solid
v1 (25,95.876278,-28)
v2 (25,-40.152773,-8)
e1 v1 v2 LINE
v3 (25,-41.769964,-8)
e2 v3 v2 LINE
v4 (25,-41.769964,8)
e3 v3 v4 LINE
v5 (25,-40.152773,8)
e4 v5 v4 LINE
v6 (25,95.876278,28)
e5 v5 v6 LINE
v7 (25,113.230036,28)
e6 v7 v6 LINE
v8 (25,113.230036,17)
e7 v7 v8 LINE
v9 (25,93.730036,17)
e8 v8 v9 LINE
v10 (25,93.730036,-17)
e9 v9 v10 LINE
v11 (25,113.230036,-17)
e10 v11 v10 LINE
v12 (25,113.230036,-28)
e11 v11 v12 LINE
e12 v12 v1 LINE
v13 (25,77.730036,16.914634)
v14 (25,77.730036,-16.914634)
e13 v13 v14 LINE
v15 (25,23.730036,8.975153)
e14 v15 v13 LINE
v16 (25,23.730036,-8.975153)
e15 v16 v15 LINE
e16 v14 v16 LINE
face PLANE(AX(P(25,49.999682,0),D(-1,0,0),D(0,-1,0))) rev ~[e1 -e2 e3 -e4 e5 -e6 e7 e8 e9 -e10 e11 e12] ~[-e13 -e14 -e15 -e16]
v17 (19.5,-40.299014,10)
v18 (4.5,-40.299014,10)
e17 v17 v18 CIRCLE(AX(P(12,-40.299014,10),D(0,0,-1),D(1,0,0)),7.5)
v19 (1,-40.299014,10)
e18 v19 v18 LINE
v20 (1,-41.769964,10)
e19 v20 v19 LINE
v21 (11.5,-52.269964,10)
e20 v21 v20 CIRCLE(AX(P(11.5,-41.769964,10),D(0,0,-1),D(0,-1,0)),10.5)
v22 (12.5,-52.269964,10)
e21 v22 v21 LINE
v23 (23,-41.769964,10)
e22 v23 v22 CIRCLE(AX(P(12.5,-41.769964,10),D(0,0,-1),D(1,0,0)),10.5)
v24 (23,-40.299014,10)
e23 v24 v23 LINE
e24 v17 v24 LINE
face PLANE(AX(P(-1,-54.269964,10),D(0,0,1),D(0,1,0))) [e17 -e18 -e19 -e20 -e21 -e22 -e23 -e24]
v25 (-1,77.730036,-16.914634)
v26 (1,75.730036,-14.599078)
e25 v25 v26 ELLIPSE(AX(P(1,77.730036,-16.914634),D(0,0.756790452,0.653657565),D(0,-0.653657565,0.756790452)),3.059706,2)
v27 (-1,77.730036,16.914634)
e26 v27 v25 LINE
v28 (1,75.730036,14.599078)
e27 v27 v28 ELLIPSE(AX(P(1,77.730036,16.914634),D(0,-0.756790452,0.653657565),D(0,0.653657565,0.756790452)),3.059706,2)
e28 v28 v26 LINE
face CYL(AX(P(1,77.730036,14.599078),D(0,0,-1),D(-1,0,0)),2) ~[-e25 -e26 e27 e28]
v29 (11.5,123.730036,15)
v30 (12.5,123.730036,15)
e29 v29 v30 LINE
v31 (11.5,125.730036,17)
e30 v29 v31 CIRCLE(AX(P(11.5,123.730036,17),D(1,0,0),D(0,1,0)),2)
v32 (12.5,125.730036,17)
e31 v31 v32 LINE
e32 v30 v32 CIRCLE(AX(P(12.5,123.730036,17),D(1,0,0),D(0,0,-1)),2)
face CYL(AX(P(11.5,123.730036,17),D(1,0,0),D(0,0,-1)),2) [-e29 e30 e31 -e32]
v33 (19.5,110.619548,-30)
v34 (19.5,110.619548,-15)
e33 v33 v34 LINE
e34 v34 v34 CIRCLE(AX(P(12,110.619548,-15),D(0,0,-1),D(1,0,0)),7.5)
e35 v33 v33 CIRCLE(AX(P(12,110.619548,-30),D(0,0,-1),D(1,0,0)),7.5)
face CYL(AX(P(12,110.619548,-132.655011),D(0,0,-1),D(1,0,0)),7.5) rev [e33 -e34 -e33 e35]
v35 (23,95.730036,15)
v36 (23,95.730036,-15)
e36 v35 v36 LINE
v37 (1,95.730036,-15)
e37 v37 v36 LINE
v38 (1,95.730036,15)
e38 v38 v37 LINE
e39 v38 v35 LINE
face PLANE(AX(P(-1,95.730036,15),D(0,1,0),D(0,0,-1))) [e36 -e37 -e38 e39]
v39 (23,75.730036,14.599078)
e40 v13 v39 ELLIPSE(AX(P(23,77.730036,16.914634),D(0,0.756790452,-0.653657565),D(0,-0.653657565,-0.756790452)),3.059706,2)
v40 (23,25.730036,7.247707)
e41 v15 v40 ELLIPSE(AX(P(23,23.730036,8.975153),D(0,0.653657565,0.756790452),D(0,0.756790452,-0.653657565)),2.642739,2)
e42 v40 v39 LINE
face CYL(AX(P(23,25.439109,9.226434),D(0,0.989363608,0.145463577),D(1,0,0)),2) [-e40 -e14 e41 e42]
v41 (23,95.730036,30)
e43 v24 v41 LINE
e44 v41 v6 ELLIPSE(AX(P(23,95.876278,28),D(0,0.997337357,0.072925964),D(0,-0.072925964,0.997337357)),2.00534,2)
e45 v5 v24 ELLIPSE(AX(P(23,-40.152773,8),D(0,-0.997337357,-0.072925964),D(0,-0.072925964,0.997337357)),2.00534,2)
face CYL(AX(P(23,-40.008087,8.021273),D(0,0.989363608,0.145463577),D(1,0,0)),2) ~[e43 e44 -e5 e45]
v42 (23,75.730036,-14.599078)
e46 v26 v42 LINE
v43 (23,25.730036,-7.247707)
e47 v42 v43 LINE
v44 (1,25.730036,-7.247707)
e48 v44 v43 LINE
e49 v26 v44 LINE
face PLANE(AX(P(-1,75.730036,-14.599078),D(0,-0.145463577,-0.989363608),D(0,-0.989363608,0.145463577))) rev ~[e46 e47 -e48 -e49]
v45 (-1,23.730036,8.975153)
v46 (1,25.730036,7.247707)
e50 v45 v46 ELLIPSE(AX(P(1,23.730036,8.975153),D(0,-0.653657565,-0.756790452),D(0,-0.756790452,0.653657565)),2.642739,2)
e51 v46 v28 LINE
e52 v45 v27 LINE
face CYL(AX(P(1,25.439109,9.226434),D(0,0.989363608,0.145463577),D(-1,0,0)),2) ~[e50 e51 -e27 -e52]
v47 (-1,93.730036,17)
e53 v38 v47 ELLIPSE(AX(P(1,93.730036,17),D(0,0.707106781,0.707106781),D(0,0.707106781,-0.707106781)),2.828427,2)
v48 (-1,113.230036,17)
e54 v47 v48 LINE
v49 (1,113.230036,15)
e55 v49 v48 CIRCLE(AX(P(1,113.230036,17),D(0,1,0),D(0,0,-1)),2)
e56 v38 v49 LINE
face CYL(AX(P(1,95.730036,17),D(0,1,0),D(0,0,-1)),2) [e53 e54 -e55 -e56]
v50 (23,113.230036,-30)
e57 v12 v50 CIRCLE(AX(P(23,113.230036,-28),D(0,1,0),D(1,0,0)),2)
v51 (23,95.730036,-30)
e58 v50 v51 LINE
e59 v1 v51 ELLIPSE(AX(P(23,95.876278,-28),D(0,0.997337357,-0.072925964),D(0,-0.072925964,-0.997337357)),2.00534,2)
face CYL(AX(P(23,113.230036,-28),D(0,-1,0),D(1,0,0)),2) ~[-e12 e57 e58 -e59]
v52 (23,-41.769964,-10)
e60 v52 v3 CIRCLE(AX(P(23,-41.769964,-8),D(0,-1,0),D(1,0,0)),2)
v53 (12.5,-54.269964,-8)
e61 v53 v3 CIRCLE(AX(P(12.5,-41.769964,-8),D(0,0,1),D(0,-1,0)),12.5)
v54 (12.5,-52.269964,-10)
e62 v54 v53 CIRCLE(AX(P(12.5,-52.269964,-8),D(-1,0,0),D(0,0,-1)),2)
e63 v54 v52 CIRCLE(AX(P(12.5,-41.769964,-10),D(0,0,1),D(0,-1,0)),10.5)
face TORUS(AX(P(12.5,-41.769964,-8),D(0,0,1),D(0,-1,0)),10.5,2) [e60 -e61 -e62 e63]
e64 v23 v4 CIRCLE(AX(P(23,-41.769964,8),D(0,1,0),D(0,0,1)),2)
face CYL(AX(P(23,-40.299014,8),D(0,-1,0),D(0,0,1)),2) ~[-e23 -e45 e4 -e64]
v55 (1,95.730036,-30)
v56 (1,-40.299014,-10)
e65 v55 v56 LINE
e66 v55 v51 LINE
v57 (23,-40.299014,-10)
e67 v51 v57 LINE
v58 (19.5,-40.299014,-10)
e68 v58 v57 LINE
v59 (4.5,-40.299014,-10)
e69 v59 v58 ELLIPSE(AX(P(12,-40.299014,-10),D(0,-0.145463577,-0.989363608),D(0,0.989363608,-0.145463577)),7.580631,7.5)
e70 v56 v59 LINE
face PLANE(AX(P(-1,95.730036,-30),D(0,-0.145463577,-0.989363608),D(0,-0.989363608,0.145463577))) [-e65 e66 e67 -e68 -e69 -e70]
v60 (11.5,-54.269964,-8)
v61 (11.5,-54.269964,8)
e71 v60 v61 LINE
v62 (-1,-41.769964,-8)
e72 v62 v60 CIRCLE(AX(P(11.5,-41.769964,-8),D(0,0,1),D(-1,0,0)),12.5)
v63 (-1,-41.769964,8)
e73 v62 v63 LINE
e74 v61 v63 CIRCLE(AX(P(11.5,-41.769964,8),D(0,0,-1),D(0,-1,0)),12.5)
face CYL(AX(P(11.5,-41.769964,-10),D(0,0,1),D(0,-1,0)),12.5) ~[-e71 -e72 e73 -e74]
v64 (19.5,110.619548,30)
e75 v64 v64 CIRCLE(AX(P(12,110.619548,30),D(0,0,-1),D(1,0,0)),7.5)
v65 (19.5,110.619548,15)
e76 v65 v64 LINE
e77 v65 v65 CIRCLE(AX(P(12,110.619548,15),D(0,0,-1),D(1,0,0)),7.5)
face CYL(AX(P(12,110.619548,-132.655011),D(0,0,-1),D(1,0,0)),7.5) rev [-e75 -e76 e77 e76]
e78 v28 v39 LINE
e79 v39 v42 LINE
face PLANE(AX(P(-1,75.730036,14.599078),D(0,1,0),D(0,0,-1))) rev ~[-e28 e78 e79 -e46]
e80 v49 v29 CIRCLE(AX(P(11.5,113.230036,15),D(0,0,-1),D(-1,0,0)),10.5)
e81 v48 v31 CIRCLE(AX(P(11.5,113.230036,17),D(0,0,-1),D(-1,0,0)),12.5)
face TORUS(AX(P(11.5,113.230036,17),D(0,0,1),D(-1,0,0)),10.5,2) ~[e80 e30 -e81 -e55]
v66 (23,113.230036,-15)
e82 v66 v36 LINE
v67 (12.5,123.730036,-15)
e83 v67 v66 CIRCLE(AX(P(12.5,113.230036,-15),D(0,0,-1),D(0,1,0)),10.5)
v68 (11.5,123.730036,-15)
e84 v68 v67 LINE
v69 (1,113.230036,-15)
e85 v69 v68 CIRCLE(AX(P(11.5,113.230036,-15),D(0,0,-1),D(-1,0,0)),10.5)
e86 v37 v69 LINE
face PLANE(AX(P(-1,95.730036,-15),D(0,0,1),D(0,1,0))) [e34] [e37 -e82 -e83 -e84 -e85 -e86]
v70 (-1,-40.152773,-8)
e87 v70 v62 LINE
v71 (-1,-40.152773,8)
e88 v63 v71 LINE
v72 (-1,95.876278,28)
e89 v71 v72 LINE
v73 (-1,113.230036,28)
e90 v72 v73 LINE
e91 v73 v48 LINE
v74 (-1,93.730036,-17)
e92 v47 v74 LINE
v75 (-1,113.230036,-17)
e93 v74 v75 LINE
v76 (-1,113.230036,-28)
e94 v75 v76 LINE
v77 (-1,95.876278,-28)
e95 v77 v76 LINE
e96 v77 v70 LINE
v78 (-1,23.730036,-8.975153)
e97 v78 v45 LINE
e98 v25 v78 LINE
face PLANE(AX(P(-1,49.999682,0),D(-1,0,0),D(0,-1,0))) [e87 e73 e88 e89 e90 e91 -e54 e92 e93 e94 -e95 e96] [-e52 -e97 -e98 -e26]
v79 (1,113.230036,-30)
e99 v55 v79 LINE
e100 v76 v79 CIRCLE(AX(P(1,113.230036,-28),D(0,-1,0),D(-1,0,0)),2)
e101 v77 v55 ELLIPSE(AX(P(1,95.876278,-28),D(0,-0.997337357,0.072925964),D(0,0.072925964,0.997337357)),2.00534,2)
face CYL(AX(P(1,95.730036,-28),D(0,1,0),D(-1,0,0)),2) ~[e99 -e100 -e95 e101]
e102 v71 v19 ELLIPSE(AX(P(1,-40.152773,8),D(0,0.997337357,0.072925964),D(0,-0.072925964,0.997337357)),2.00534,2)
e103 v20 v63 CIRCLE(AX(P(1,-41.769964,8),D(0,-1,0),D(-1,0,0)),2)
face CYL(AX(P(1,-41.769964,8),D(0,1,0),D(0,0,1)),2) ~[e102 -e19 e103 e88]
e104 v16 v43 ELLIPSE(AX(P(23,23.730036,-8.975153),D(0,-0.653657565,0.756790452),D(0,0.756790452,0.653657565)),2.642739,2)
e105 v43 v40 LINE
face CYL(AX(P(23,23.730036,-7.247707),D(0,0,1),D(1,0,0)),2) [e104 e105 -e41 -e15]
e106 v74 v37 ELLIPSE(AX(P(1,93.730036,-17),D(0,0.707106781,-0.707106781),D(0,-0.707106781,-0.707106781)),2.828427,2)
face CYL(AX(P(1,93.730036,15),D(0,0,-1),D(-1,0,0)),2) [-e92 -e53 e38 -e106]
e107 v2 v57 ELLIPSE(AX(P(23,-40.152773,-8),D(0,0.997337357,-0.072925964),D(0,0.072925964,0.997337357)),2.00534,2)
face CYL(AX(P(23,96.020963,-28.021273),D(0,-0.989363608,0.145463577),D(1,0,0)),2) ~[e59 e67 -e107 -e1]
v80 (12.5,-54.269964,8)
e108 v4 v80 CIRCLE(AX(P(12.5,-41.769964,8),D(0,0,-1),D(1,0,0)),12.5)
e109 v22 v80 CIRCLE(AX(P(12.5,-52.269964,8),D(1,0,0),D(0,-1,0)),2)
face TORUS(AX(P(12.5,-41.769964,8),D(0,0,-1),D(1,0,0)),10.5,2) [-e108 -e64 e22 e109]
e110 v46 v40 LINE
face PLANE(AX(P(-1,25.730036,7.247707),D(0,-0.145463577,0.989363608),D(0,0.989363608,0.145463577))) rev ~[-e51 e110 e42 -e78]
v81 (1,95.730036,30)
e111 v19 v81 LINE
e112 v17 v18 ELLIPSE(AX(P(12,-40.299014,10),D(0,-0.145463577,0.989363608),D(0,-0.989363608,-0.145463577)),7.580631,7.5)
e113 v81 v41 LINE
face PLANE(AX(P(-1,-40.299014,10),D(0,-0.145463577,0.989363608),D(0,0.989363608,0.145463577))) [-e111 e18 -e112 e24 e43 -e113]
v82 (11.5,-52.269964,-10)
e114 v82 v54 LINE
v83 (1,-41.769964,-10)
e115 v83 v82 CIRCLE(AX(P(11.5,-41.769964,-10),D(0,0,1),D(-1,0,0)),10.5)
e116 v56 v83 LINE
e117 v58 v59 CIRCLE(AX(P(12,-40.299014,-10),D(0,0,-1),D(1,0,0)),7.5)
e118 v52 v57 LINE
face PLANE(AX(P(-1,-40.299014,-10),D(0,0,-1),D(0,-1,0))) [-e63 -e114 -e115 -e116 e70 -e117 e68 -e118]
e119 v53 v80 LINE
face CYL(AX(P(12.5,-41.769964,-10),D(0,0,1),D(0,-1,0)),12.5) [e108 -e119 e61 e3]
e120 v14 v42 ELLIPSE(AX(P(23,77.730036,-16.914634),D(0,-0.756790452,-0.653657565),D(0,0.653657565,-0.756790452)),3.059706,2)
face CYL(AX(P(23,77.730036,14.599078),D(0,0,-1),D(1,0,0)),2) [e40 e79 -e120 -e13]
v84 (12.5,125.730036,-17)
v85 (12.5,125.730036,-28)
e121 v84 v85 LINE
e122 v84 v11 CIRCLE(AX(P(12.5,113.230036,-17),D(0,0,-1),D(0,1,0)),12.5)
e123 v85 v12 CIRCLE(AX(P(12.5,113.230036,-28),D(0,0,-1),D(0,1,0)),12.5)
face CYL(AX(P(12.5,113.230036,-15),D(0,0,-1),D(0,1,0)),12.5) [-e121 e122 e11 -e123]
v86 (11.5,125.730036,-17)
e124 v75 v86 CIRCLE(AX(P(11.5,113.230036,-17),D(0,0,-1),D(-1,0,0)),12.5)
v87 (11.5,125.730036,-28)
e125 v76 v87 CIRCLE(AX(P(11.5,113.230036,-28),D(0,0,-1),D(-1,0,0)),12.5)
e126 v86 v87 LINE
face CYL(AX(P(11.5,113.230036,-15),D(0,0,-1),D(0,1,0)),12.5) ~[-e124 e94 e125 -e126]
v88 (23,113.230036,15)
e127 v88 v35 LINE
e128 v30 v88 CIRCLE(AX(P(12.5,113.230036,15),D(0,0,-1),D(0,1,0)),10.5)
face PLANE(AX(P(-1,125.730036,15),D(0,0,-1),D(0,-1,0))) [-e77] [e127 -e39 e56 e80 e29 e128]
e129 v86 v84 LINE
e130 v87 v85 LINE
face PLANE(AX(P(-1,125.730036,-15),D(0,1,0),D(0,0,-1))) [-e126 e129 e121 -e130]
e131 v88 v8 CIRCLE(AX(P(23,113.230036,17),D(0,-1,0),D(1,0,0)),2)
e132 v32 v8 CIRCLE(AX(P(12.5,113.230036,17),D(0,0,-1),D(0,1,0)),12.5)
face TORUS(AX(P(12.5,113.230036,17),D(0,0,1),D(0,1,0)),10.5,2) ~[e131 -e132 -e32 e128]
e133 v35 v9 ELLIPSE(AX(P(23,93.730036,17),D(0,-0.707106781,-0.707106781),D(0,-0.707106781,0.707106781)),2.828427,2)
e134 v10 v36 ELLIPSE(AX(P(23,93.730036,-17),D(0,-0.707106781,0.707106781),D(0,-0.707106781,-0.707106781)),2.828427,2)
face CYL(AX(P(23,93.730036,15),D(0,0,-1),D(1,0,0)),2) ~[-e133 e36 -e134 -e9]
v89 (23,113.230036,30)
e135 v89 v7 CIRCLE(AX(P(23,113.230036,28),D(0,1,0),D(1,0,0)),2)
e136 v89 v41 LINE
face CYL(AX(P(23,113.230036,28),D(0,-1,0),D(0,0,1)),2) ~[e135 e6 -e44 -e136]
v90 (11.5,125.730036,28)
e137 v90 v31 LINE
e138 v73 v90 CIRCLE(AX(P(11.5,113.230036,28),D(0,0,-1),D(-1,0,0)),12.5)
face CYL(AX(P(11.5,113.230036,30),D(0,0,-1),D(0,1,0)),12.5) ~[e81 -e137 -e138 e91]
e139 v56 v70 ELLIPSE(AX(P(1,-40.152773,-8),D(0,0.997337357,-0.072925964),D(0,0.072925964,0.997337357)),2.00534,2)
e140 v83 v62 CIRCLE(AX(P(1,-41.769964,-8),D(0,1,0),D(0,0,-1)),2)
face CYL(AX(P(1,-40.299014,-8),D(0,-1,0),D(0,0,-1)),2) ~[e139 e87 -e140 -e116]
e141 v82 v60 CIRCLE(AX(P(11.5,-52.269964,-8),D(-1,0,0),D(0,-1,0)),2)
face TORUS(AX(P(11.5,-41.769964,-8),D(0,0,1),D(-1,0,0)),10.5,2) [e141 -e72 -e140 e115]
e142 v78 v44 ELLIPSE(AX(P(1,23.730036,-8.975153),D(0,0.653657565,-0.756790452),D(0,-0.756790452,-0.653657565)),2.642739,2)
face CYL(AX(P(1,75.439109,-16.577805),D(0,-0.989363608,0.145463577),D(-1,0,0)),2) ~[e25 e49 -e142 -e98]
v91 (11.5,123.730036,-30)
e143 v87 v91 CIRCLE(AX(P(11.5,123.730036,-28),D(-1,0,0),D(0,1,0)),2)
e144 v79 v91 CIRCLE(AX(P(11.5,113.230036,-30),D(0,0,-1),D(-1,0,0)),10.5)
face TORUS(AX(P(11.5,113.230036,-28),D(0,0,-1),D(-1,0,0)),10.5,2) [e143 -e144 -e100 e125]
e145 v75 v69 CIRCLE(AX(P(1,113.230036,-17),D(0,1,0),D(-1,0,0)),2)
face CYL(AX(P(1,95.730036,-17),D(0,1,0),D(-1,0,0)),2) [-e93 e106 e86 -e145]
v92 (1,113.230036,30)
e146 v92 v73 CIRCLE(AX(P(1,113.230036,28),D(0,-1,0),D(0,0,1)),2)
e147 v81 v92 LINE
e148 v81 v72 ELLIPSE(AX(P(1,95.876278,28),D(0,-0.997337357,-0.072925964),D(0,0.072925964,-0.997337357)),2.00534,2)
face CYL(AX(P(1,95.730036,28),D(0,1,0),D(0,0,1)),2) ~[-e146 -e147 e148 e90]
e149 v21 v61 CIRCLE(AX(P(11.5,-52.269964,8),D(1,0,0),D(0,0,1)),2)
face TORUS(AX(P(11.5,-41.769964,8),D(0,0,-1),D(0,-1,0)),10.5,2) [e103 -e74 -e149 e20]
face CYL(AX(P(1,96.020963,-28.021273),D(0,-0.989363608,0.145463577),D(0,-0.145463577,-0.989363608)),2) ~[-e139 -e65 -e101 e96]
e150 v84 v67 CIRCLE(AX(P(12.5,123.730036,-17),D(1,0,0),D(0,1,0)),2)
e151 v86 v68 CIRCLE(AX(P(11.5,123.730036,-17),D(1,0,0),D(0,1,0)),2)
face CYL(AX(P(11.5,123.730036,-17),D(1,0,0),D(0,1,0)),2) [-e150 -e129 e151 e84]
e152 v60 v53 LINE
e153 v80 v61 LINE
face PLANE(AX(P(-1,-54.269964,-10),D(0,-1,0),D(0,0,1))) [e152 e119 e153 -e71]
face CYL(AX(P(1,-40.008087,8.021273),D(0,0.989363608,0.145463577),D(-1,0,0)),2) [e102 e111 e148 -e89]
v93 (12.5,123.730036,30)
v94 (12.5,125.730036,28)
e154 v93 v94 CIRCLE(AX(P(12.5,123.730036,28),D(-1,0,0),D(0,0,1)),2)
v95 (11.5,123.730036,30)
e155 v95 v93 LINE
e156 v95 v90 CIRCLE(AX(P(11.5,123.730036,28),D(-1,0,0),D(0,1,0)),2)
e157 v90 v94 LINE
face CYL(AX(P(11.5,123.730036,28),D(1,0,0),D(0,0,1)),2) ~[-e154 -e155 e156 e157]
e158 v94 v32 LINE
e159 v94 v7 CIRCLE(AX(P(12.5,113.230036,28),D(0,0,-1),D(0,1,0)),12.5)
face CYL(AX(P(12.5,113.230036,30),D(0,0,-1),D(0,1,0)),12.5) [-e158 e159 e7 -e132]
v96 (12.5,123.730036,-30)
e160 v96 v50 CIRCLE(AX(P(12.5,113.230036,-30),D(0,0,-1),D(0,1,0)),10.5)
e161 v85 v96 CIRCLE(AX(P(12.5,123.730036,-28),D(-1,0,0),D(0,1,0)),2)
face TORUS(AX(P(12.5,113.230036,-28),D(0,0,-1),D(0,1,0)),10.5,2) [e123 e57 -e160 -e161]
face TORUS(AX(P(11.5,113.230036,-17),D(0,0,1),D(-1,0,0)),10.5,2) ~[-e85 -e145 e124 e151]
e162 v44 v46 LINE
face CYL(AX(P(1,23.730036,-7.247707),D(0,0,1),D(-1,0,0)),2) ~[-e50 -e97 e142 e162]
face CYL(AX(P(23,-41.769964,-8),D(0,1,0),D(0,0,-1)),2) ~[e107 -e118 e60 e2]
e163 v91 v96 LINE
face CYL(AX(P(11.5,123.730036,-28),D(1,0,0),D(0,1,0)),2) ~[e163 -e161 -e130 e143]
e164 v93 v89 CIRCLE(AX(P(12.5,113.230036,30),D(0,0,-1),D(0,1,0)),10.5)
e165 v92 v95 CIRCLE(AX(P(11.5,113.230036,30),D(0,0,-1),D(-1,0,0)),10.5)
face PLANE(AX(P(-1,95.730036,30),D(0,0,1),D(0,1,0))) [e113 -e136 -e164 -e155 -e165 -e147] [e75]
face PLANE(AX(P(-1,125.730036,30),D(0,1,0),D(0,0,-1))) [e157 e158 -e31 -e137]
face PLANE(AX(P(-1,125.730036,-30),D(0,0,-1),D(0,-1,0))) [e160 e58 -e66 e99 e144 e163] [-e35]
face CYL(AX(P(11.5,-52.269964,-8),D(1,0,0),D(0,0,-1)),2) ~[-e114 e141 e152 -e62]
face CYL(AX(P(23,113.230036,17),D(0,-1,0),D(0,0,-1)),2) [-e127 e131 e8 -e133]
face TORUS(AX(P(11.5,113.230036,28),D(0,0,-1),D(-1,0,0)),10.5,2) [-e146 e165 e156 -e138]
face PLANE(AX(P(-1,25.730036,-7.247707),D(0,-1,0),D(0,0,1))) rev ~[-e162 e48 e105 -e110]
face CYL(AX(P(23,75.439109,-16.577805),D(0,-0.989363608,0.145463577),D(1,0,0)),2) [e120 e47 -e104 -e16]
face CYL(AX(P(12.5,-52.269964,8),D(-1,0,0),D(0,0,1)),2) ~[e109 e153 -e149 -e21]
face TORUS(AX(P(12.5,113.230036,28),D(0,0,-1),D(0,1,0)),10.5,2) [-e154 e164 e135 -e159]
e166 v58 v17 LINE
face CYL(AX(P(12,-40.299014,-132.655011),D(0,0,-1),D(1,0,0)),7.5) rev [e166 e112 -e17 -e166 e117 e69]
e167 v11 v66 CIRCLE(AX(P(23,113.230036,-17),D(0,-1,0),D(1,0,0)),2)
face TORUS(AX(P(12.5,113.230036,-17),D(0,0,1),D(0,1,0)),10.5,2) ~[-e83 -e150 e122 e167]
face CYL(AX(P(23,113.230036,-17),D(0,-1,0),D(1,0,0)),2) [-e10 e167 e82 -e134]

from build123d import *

# Parameters (mm, degrees)
BOSS_EXTRUDE1_DEPTH      = 25
BOSS_EXTRUDE1_DEPTH_BACK = 1
FILLET1_R                = 12.5
CUT_EXTRUDE3_DEPTH       = 132.655011329
CUT_EXTRUDE3_DEPTH_BACK  = 132.655011329
SKETCH3_R                = 7.5
FILLET4_R                = 2


with BuildPart() as part:
    # Sketch1 → Boss-Extrude1 (new, two sides: drawn at the far end of the back side and taken through both)
    with BuildSketch(Plane.YZ.offset(-BOSS_EXTRUDE1_DEPTH_BACK)):
        Polygon((-54.26996378, -10), (-54.26996378, 10), (-40.299013823, 10), (95.73003622, 30), (125.73003622, 30), (125.73003622, 15), (95.73003622, 15), (95.73003622, -15), (125.73003622, -15), (125.73003622, -30), (95.73003622, -30), (-40.299013823, -10), align=None)
        Polygon((25.73003622, -7.247706801), (25.73003622, 7.247706801), (75.73003622, 14.599077701), (75.73003622, -14.599077701), align=None, mode=Mode.SUBTRACT)
    extrude(amount=BOSS_EXTRUDE1_DEPTH + BOSS_EXTRUDE1_DEPTH_BACK)

    # Fillet1
    fillet1_edges = [part.edges().sort_by_distance(p)[0] for p in [
        (25, 125.73003622, -22.5),
        (25, -54.26996378, 0),
        (-1, 125.73003622, -22.5),
        (-1, -54.26996378, 0),
        (25, 125.73003622, 22.5),
        (-1, 125.73003622, 22.5),
    ]]
    fillet(fillet1_edges, radius=FILLET1_R)

    # Sketch3 → Cut-Extrude3 (cut, two sides: drawn at the far end of the back side and taken through both)
    with BuildSketch(Plane(origin=(0, 0, 0), x_dir=(0, 1, 0), z_dir=(0, 0, 1)).offset(-CUT_EXTRUDE3_DEPTH_BACK)):
        with Locations(Location((-40.299013823, -12, 0), (0, 0, 270))):
            Circle(SKETCH3_R)
        with Locations(Location((110.619547971, -12, 0), (0, 0, 270))):
            Circle(SKETCH3_R)
    extrude(amount=CUT_EXTRUDE3_DEPTH + CUT_EXTRUDE3_DEPTH_BACK, mode=Mode.SUBTRACT)

    # Fillet4
    fillet4_edges = [part.edges().sort_by_distance(p)[0] for p in [
        (12, 125.73003622, 15),
        (21.338834765, 122.068870985, 15),
        (2.661165235, 122.068870985, 15),
        (12, 125.73003622, 30),
        (21.338834765, 122.068870985, 30),
        (2.661165235, 122.068870985, 30),
        (25, 104.48003622, -30),
        (25, 27.715511199, -20),
        (25, 75.73003622, 0),
        (25, 50.73003622, 10.923392251),
        (25, 25.73003622, 0),
        (25, 50.73003622, -10.923392251),
        (25, 27.715511199, 20),
        (-1, 104.48003622, -30),
        (-1, 27.715511199, -20),
        (25, 104.48003622, 30),
        (-1, 50.73003622, -10.923392251),
        (-1, 95.73003622, 0),
        (-1, 27.715511199, 20),
        (-1, 104.48003622, 30),
        (-1, 25.73003622, 0),
        (-1, 50.73003622, 10.923392251),
        (-1, 75.73003622, 0),
        (-1, 104.48003622, 15),
        (-1, 104.48003622, -15),
        (-1, -41.034488801, -10),
        (-1, -41.034488801, 10),
        (12, -54.26996378, 10),
        (25, -41.034488801, 10),
        (21.338834765, -50.608798545, 10),
        (2.661165235, -50.608798545, 10),
        (12, -54.26996378, -10),
        (25, 95.73003622, 0),
        (25, -41.034488801, -10),
        (21.338834765, -50.608798545, -10),
        (2.661165235, -50.608798545, -10),
        (25, 104.48003622, 15),
        (25, 104.48003622, -15),
        (12, 125.73003622, -30),
        (12, 125.73003622, -15),
        (21.338834765, 122.068870985, -15),
        (2.661165235, 122.068870985, -15),
        (21.338834765, 122.068870985, -30),
        (2.661165235, 122.068870985, -30),
    ]]
    fillet(fillet4_edges, radius=FILLET4_R)


solid = part.part
